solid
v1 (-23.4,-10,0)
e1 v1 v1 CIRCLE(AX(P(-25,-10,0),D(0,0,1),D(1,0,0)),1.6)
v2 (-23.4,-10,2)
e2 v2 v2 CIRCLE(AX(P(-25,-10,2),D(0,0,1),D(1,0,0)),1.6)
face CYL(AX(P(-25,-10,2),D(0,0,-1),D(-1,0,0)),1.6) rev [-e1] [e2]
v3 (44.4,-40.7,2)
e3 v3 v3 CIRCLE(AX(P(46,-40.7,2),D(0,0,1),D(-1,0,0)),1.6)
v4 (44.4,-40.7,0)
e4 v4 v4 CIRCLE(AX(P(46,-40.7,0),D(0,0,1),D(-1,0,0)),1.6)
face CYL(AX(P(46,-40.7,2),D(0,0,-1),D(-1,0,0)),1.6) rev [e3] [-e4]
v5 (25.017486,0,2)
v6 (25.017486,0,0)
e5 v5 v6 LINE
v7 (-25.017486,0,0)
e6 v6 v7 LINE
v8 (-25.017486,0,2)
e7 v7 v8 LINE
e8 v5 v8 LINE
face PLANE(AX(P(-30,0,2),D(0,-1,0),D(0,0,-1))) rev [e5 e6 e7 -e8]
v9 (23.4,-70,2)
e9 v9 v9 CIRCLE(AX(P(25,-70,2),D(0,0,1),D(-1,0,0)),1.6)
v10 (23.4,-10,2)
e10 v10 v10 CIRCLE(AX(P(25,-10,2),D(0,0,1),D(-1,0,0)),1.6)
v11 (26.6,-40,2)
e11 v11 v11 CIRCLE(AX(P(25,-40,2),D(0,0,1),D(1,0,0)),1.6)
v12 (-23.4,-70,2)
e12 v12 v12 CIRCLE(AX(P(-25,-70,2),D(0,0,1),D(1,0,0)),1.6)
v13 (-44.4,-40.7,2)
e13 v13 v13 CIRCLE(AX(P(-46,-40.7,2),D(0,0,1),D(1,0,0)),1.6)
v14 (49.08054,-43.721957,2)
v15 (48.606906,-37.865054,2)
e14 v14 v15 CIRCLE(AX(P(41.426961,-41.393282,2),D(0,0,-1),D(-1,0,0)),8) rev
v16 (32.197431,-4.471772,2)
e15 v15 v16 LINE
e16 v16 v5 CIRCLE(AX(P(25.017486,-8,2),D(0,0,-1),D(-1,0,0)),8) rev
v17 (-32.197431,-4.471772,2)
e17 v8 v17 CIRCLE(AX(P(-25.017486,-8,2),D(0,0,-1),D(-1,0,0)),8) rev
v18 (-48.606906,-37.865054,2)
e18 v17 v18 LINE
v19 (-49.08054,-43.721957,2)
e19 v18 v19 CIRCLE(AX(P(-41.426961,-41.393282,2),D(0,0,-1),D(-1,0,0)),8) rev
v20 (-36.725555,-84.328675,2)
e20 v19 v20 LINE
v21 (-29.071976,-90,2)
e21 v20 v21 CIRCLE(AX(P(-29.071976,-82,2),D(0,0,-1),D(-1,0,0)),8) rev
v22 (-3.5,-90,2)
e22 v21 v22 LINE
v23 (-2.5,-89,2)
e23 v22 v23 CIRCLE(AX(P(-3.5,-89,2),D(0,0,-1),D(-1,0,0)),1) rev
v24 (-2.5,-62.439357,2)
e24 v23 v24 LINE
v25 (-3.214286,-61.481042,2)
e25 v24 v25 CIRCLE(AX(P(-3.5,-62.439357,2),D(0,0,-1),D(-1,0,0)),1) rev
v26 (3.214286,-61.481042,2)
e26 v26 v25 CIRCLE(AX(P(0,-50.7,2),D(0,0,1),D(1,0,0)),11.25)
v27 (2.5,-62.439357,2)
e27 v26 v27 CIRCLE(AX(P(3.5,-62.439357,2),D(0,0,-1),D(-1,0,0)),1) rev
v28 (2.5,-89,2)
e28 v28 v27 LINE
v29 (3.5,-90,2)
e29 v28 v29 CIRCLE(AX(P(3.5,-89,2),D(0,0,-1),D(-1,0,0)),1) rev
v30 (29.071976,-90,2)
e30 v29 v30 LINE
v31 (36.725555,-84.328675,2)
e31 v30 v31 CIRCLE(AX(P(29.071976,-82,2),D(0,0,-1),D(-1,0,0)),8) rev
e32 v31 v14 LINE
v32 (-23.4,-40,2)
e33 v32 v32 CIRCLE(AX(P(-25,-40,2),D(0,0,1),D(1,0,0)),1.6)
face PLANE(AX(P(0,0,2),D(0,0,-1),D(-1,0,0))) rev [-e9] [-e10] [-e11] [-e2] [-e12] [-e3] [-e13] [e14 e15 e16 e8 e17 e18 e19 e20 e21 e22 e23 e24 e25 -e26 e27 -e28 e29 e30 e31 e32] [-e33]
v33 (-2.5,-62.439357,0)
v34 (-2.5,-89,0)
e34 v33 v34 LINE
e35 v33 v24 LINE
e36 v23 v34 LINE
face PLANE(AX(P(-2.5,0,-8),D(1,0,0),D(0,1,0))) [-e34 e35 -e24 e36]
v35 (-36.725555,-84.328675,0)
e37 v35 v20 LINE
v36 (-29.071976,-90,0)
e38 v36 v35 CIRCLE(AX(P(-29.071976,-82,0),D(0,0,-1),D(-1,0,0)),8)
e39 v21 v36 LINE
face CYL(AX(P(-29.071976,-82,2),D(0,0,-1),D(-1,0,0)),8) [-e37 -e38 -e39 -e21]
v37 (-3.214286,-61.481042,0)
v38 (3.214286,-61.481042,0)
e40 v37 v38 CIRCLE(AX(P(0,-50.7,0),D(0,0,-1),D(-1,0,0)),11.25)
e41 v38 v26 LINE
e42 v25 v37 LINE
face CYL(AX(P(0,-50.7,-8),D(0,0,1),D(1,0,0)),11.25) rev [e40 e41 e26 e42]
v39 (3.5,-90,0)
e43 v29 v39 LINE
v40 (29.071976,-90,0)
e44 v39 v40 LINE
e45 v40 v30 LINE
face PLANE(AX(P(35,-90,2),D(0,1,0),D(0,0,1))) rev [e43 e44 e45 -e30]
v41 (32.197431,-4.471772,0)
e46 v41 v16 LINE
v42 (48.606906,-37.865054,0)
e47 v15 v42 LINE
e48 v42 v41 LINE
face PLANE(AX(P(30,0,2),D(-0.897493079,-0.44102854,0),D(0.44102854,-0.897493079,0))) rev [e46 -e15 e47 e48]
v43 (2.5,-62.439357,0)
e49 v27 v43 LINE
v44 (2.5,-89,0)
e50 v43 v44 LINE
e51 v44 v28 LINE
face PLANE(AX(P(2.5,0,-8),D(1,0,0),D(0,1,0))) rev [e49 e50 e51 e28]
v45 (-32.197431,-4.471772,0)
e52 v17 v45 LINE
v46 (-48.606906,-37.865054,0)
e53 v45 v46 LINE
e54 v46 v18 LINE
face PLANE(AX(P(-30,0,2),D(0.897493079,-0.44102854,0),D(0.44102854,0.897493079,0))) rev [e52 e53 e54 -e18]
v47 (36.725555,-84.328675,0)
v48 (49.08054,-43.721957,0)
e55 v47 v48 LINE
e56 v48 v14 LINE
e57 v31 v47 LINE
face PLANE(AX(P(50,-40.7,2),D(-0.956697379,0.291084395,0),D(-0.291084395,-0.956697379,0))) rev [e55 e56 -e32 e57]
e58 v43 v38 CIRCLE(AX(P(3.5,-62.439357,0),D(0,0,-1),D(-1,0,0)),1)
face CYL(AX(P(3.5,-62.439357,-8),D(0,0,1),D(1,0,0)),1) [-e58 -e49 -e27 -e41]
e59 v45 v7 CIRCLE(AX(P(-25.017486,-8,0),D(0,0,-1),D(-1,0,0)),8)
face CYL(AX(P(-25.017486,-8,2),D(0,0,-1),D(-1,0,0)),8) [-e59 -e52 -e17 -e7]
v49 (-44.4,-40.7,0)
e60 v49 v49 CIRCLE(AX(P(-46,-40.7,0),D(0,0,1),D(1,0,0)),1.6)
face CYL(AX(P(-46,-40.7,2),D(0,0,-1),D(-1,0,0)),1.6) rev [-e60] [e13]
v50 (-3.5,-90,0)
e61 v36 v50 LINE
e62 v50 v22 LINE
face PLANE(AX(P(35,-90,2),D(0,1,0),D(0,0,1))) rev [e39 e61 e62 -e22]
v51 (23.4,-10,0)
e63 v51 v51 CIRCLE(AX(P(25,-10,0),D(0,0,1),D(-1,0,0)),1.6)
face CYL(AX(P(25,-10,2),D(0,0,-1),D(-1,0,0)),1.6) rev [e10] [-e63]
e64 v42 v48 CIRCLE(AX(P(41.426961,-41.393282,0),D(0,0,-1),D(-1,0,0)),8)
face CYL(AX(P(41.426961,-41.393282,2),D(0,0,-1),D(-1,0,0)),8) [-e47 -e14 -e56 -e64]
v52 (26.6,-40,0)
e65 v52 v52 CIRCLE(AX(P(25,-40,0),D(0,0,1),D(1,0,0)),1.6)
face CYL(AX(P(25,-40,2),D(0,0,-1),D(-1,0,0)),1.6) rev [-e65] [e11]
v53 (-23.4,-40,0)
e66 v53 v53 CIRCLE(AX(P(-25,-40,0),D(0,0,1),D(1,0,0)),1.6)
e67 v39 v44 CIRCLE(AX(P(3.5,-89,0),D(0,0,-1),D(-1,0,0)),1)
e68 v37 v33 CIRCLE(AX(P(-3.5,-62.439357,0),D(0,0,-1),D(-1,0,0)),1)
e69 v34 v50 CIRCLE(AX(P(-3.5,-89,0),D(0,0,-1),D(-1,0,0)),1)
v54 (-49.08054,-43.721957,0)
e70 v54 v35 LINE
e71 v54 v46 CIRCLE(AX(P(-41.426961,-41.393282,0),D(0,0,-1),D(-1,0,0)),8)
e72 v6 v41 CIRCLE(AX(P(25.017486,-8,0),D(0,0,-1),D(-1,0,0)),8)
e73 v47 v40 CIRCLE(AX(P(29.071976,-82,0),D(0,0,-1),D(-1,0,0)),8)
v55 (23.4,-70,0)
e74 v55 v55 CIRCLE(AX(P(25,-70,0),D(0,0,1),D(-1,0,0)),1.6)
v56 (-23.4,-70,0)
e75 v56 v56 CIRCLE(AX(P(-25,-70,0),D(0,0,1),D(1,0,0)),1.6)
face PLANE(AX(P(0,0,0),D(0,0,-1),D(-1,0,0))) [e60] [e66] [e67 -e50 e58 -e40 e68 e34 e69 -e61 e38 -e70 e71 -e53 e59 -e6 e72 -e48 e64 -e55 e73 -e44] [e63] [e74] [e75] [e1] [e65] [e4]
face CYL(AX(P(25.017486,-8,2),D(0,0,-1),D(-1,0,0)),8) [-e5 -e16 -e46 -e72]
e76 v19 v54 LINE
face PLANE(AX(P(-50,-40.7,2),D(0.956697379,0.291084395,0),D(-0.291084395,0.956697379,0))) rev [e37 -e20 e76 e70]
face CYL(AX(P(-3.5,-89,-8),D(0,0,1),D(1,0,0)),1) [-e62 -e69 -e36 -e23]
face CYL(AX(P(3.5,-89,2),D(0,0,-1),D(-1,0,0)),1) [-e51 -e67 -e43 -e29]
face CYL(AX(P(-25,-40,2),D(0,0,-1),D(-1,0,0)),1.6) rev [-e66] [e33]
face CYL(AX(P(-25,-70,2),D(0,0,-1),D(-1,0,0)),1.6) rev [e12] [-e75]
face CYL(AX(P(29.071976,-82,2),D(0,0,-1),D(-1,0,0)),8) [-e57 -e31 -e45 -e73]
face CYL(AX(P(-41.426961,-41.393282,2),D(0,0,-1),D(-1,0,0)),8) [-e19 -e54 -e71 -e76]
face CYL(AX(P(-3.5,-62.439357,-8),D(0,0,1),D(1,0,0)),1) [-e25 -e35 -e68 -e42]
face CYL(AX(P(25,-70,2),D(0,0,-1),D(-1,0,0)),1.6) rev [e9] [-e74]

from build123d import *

# Parameters (mm, degrees)
SKETCH_1_R          = 1.6
EXTRUDE_1_DEPTH     = 2
FILLET_1_R          = 8
CUT_EXTRUDE_1_DEPTH = 10
FILLET_2_R          = 1


with BuildPart() as part:
    # 草图1 → 凸台-拉伸1 (new body)
    with BuildSketch(Plane.XY):
        Polygon((-30, 0), (30, 0), (50, -40.7), (35, -90), (-35, -90), (-50, -40.7), align=None)
        with Locations((-25, -10)):
            Circle(SKETCH_1_R, mode=Mode.SUBTRACT)
        with Locations((-46, -40.7)):
            Circle(SKETCH_1_R, mode=Mode.SUBTRACT)
        with Locations((25, -10)):
            Circle(SKETCH_1_R, mode=Mode.SUBTRACT)
        with Locations((46, -40.7)):
            Circle(SKETCH_1_R, mode=Mode.SUBTRACT)
        with Locations((-25, -40)):
            Circle(SKETCH_1_R, mode=Mode.SUBTRACT)
        with Locations((25, -40)):
            Circle(SKETCH_1_R, mode=Mode.SUBTRACT)
        with Locations((-25, -70)):
            Circle(SKETCH_1_R, mode=Mode.SUBTRACT)
        with Locations((25, -70)):
            Circle(SKETCH_1_R, mode=Mode.SUBTRACT)
    extrude(amount=EXTRUDE_1_DEPTH)

    # 圆角1
    fillet_1_edges = [part.edges().sort_by_distance(p)[0] for p in [
        (50, -40.7, 1),
        (35, -90, 1),
        (-35, -90, 1),
        (-50, -40.7, 1),
        (-30, 0, 1),
        (30, 0, 1),
    ]]
    fillet(fillet_1_edges, radius=FILLET_1_R)

    # 草图2 → 切除-拉伸1 (cut)
    with BuildSketch(Plane.XY.offset(2)):
        with BuildLine():
            Line((-2.5, -61.668705484), (-2.5, -90))
            Line((-2.5, -90), (2.5, -90))
            Line((2.5, -90), (2.5, -61.668705484))
            ThreePointArc((2.5, -61.668705484), (0, -39.45), (-2.5, -61.668705484))
        make_face()
    extrude(amount=-CUT_EXTRUDE_1_DEPTH, mode=Mode.SUBTRACT)

    # 圆角2
    fillet_2_edges = [part.edges().sort_by_distance(p)[0] for p in [
        (2.5, -61.668705484, 1),
        (-2.5, -61.668705484, 1),
        (-2.5, -90, 1),
        (2.5, -90, 1),
    ]]
    fillet(fillet_2_edges, radius=FILLET_2_R)


solid = part.part
